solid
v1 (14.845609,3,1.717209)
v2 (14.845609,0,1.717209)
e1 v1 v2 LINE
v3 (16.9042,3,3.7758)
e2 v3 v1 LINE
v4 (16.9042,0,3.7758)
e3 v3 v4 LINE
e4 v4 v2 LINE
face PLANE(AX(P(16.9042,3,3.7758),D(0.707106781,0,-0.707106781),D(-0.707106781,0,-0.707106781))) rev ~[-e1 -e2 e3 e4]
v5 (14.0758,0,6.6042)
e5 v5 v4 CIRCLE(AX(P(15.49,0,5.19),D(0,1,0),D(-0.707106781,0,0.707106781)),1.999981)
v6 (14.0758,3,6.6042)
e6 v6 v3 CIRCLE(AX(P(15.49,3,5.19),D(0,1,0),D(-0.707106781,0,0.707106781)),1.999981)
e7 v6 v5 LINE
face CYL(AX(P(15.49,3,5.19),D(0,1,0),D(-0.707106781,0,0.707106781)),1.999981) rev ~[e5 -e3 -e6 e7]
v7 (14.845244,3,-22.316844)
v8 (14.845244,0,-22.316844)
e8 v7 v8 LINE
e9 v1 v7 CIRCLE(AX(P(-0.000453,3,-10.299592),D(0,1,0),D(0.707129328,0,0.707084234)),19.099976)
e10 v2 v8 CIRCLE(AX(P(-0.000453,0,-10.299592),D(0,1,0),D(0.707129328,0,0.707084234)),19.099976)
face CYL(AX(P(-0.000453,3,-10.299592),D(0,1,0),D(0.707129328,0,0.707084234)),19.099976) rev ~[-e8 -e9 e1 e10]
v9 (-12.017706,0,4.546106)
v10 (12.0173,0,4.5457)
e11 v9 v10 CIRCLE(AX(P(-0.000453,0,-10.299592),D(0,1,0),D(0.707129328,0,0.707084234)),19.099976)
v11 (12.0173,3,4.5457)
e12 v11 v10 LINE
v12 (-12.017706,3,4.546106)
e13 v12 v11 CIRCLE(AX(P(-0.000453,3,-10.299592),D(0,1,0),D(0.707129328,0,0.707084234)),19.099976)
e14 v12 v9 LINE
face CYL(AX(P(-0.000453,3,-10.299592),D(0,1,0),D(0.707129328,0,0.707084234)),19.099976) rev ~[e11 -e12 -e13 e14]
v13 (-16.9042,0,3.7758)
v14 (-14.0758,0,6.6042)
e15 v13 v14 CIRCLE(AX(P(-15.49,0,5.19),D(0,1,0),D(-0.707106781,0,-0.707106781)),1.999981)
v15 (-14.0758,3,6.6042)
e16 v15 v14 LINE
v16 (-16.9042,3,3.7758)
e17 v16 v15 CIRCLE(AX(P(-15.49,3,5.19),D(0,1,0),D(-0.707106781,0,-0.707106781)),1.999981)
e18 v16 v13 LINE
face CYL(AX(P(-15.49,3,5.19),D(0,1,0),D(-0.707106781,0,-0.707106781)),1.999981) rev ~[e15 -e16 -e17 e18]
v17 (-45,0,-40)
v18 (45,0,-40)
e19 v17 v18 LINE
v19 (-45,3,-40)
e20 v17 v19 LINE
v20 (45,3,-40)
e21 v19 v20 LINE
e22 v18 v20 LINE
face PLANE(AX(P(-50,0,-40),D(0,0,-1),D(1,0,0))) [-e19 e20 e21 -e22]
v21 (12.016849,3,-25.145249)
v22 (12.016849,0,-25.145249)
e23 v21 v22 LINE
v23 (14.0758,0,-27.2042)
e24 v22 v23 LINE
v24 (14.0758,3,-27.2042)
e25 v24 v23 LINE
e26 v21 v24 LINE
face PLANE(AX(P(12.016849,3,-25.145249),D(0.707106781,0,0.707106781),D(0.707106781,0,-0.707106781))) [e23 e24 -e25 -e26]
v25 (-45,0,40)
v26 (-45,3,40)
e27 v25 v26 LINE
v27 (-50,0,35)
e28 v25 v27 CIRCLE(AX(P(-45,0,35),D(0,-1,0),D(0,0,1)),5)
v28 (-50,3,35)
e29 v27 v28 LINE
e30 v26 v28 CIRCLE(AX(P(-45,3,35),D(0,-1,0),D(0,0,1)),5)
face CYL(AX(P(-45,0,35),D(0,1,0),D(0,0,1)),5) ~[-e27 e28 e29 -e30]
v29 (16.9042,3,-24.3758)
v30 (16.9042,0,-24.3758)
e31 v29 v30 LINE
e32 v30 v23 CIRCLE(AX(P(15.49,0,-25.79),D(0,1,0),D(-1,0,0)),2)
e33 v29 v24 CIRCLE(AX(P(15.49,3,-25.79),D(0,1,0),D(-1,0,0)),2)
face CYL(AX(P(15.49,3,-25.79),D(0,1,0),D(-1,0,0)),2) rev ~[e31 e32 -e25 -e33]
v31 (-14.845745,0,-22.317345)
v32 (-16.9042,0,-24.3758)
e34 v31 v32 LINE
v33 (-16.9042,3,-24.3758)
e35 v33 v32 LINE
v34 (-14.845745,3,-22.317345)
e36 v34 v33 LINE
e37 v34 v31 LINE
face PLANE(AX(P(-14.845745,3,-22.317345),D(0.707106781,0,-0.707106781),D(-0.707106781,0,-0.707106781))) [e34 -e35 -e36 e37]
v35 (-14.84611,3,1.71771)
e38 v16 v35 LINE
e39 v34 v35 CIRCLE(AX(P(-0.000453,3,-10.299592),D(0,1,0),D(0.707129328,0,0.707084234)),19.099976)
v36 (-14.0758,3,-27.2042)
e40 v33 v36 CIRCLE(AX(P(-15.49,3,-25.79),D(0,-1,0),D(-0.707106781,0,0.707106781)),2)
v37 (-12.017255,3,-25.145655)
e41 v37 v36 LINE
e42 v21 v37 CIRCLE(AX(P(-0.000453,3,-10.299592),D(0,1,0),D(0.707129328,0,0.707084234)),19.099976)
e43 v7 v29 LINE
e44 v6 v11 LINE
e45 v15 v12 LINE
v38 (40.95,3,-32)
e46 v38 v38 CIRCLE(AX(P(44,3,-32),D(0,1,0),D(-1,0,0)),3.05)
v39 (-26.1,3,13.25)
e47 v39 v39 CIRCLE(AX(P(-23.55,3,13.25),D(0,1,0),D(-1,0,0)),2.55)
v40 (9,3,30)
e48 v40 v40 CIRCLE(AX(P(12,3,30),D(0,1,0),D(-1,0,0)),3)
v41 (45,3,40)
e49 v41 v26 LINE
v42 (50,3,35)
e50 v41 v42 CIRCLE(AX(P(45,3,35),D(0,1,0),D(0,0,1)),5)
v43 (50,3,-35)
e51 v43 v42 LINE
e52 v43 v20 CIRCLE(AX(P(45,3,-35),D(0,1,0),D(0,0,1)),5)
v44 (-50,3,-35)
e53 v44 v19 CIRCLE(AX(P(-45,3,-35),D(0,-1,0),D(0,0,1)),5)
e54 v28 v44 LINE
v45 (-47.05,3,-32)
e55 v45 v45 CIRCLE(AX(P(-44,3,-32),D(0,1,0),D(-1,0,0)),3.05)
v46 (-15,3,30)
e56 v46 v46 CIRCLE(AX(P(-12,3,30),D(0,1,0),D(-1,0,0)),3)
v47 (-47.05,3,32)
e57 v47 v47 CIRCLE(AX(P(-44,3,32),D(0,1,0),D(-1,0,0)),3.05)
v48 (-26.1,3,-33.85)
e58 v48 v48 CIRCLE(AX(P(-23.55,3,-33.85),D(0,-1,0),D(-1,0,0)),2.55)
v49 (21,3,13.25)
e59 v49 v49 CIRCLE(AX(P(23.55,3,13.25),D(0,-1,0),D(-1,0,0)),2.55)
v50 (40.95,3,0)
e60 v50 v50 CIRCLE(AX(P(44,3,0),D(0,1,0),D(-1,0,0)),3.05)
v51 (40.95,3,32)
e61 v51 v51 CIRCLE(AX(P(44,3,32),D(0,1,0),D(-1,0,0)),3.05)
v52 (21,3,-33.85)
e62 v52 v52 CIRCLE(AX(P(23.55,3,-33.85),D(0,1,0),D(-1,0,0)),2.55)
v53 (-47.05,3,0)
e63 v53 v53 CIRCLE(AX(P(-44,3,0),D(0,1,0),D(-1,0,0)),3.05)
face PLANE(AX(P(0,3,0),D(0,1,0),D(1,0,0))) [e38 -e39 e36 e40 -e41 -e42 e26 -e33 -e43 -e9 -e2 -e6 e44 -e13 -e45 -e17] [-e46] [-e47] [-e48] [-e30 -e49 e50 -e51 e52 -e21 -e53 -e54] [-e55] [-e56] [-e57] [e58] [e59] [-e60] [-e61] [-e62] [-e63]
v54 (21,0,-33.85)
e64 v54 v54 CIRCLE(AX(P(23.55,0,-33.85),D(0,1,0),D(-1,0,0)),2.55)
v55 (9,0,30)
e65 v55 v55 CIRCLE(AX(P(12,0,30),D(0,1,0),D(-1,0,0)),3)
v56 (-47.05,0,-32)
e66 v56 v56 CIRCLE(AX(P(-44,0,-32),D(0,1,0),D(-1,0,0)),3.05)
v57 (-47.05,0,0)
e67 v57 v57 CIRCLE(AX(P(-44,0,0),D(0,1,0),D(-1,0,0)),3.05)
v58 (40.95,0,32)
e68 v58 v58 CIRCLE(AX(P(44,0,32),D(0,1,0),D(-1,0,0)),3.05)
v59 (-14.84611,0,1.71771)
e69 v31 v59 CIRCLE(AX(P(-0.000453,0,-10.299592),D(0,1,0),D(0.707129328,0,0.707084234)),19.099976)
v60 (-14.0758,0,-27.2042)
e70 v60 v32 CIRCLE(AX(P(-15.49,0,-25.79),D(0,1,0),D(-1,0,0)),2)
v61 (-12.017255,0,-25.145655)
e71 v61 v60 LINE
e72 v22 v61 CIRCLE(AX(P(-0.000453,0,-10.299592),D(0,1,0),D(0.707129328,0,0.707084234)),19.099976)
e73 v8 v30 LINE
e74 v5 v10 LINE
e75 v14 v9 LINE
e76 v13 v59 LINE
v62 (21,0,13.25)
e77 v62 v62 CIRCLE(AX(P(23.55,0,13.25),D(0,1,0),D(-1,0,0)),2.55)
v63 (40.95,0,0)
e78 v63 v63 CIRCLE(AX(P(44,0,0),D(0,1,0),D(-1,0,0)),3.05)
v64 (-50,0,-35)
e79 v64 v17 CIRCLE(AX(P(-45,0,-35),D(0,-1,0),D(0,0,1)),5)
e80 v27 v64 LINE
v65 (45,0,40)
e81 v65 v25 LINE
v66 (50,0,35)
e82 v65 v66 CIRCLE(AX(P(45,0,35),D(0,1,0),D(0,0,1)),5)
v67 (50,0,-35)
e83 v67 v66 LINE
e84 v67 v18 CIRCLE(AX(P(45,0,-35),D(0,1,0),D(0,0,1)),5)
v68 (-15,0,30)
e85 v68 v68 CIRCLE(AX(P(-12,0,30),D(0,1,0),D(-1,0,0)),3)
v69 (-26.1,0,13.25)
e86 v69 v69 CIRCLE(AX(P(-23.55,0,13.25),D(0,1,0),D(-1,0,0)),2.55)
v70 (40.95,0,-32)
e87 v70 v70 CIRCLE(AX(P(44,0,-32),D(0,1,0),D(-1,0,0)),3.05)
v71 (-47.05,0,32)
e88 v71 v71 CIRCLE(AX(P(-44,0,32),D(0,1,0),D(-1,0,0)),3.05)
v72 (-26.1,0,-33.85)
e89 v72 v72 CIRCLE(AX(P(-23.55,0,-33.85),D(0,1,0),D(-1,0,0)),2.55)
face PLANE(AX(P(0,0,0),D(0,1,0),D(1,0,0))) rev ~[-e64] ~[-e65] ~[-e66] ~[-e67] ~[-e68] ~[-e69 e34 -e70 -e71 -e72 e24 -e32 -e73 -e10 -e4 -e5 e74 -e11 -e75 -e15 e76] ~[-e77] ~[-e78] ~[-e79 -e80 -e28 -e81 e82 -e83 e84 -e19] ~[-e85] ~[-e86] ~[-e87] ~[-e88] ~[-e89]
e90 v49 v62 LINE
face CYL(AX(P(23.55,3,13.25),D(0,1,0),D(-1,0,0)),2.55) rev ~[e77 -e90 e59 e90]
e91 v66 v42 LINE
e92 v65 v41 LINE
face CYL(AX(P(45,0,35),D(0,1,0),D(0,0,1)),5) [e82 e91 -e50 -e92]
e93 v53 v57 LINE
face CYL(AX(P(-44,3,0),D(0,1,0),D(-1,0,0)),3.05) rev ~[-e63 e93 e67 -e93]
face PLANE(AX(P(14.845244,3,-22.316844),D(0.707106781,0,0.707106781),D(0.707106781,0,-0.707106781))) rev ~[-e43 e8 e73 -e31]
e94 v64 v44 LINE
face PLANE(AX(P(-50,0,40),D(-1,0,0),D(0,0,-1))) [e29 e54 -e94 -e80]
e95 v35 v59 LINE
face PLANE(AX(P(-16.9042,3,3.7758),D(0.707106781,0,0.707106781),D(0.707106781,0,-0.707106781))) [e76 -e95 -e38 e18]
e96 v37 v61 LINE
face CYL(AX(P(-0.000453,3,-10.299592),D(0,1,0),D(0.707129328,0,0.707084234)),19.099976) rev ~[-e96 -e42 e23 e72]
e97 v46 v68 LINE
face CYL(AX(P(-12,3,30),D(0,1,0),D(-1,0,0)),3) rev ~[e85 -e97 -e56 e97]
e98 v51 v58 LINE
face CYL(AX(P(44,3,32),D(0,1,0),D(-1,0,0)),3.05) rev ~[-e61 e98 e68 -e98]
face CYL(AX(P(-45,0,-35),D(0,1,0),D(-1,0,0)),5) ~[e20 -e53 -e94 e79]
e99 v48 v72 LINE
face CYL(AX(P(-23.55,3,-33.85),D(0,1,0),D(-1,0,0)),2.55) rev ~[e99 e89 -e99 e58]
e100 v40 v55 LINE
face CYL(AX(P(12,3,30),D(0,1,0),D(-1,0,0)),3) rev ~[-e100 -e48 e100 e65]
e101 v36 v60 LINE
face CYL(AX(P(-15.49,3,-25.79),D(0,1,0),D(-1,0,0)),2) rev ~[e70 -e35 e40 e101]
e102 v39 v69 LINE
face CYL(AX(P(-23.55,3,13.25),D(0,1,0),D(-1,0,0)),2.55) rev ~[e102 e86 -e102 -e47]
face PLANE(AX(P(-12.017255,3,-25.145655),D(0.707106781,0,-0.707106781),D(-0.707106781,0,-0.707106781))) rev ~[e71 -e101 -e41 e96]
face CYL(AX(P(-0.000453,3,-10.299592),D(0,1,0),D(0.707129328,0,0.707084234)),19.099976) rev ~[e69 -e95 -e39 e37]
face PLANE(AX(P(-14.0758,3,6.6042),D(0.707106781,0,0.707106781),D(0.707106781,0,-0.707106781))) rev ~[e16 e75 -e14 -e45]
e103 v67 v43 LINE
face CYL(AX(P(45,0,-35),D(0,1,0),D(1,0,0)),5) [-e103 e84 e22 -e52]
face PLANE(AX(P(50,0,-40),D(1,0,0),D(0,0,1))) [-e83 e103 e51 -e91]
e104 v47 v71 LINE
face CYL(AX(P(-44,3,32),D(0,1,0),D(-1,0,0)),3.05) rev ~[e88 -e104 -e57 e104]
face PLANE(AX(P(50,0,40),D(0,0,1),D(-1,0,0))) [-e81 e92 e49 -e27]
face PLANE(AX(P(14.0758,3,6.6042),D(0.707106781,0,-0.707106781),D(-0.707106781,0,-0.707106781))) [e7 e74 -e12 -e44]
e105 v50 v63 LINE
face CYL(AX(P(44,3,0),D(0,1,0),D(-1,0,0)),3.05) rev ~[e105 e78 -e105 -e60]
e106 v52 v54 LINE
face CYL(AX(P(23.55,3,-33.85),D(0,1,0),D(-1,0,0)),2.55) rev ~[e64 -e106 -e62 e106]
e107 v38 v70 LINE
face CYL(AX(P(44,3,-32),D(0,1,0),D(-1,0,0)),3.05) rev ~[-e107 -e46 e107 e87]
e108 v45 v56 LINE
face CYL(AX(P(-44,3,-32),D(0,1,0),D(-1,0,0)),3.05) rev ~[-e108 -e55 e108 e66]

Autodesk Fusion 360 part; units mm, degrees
sketch "Dimension" plane through (0, 0, 0) normal (0, 1, 0) x (1, 0, 0)
  line L0 (50, -40) -> (-50, -40)
  line L1 (-50, -40) -> (-50, 40)
  line L2 (-50, 40) -> (50, 40)
  line L3 (50, 40) -> (50, -40)
  line L4 (50, -40) -> (-50, 40) construction
  line L5 (-50, -40) -> (50, 40) construction
  dimension "d4" = 100
  dimension "d5" = 80
extrude "Extrude1" add sketch "Dimension" along normal blind 3
sketch "Stepper Mount" plane through (0, 3, 0) normal (0, 1, 0) x (-1, 0, 0)
  line L0 (-50, -40) -> (50, -40)
  line L1 (50, -40) -> (50, 40)
  line L2 (50, 40) -> (-50, 40)
  line L3 (-50, 40) -> (-50, -40)
  line L4 (30, -40) -> (-30, -40)
  line L5 (-30, -40) -> (-30, 40) construction
  line L6 (-30, 40) -> (30, 40)
  line L7 (30, 40) -> (30, -40) construction
  circle A0 centre (23.55, -33.85) radius 2.55
  circle A1 centre (-23.55, -33.85) radius 2.55
  circle A2 centre (23.55, 13.25) radius 2.55
  circle A3 centre (-23.55, 13.25) radius 2.55
  line L8 (-23.55, 13.25) -> (23.55, -33.85)
  circle A4 centre (15.49, -25.79) radius 2
  line L9 (0, -10.3) -> (-30, -10.3) construction
  line L10 (0, -10.3) -> (0, -40) construction
  circle A5 centre (-15.49, -25.79) radius 2
  line L11 (15.49, -25.79) -> (-15.49, 5.19)
  line L12 (-15.49, 5.19) -> (-16.9042, 3.7758) construction
  line L13 (-16.9042, 3.7758) -> (14.0758, -27.2042)
  line L14 (14.0758, -27.2042) -> (15.49, -25.79)
  line L15 (15.49, -25.79) -> (-15.49, 5.19)
  line L16 (-15.49, 5.19) -> (-14.0758, 6.6042) construction
  line L17 (-14.0758, 6.6042) -> (16.9042, -24.3758)
  line L18 (16.9042, -24.3758) -> (15.49, -25.79)
  line L19 (14.0758, 6.6042) -> (-16.9042, -24.3758)
  line L20 (16.9042, 3.7758) -> (-14.0758, -27.2042)
  line L21 (23.55, 13.25) -> (13.5057, 3.2057) construction
  line L22 (1.4142, -8.8858) -> (-23.55, -33.85) construction
  arc A6 (16.9042, 3.7758) -> (14.0758, 6.6042) centre (15.49, 5.19) ccw
  arc A7 (-14.0758, 6.6042) -> (-16.9042, 3.7758) centre (-15.49, 5.19) ccw
  arc A8 (-13.5057, 3.2057) -> (-12.0173, 4.5457) centre (0, -10.3) ccw
  dimension "d8" = 60
  dimension "d9" = 38.2
  dimension "d10" = 30
  dimension "d11" = 29.7
  dimension "d12" = 5.1
  dimension "d13" = 6.45
  dimension "d14" = 6.15
  dimension "d15" = 5.1
  dimension "d16" = 6.15
  dimension "d17" = 53.55
  dimension "d18" = 5.1
  dimension "d19" = 6.45
  dimension "d20" = 53.25
  dimension "d21" = 5.1
  dimension "d22" = 53.25
  dimension "d23" = 53.55
  dimension "d24" = 14.51
  dimension "d25" = 14.21
  dimension "d26" = 4
  dimension "d27" = 2
  dimension "d28" = 2
extrude "Extrude2" cut sketch "Stepper Mount" against normal through all contours A0 | A3 | L8 A4 L14 | L8 A4 L18 | L8 A4 L11 L14 L15 | L8 A4 L11 L15 L18 | L8 A4 L11 L13 L15 A8 | L8 A4 L11 L15 L17 A8 | L13 L20 A8 | L8 L11 L13 L15 L20 A8 | L8 L11 L15 L17 L20 A8 | L17 L20 A8 | L13 L19 L20 A8 | L8 L11 L13 L15 L19 L20 | A5 L19 L20 A8 | L8 L11 L15 L17 L19 L20 | L17 L19 L20 A8 | L19 L20 A6 A8 | L13 L19 A8 | L8 L11 L13 L15 L19 A8 | A5 | L8 L11 L15 L17 L19 A7 | L17 L19 A8 | L8 L11 L13 L15 A7 A8 | A1 | A2
sketch "Idler Mount" plane through (0, 3, 0) normal (0, 1, 0) x (-1, 0, 0)
  circle A0 centre (23.55, 13.25) radius 2.55
  circle A1 centre (23.55, -33.85) radius 2.55
  line L0 (14.8457, -22.3173) -> (16.9042, -24.3758)
  arc A2 (14.0758, -27.2042) -> (16.9042, -24.3758) centre (15.49, -25.79) ccw
  line L1 (14.0758, -27.2042) -> (12.0173, -25.1457)
  arc A3 (-12.0173, -25.1457) -> (12.0173, -25.1457) centre (0, -10.3) ccw
  line L2 (-12.0173, -25.1457) -> (-14.0758, -27.2042)
  arc A4 (-16.9042, -24.3758) -> (-14.0758, -27.2042) centre (-15.49, -25.79) ccw
  line L3 (-16.9042, -24.3758) -> (-14.8457, -22.3173)
  arc A5 (-14.8457, 1.7173) -> (-14.8457, -22.3173) centre (0, -10.3) ccw
  line L4 (-14.8457, 1.7173) -> (-16.9042, 3.7758)
  arc A6 (-14.0758, 6.6042) -> (-16.9042, 3.7758) centre (-15.49, 5.19) ccw
  line L5 (-14.0758, 6.6042) -> (-12.0173, 4.5457)
  arc A7 (12.0173, 4.5457) -> (-12.0173, 4.5457) centre (0, -10.3) ccw
  line L6 (12.0173, 4.5457) -> (14.0758, 6.6042)
  arc A8 (16.9042, 3.7758) -> (14.0758, 6.6042) centre (15.49, 5.19) ccw
  line L7 (16.9042, 3.7758) -> (14.8457, 1.7173)
  arc A9 (14.8457, -22.3173) -> (14.8457, 1.7173) centre (0, -10.3) ccw
  circle A10 centre (-23.55, 13.25) radius 2.55
  circle A11 centre (-23.55, -33.85) radius 2.55
  line L8 (-50, -40) -> (50, -40)
  line L9 (50, -40) -> (50, 40)
  line L10 (50, 40) -> (-50, 40)
  line L11 (-50, 40) -> (-50, -40)
  arc A12 (-14.8457, 1.7173) -> (-14.8457, -22.3173) centre (0, -10.3) ccw
  arc A13 (-12.0173, -25.1457) -> (12.0173, -25.1457) centre (0, -10.3) ccw
  arc A14 (14.8457, -22.3173) -> (14.8457, 1.7173) centre (0, -10.3) ccw
  arc A15 (12.0173, 4.5457) -> (-12.0173, 4.5457) centre (0, -10.3) ccw
  circle A16 centre (0, -10.3) radius 6 construction
  line L12 (0, -10.3) -> (50, -10.3) construction
  line L13 (0, -10.3) -> (-50, -10.3) construction
  circle A17 centre (0, -10.3) radius 9
  line L14 (6, -10.3) -> (-6, -10.3)
  line L15 (-6, -10.3) -> (-6, 40) construction
  line L16 (-6, 40) -> (6, 40)
  line L17 (6, 40) -> (6, -10.3) construction
  line L18 (50, 30) -> (-50, 30) construction
  line L19 (-50, 30) -> (-50, 40)
  line L20 (-50, 40) -> (50, 40)
  line L21 (50, 40) -> (50, 30)
  circle A18 centre (12, 30) radius 6 construction
  circle A19 centre (12, 30) radius 9 construction
  circle A20 centre (12, 30) radius 3
  line L22 (0, 20) -> (0, 2.5)
  circle A21 centre (-12, 30) radius 9 construction
  circle A22 centre (-12, 30) radius 6 construction
  circle A23 centre (-12, 30) radius 3
  dimension "d30" = 12
  dimension "d31" = 18
  dimension "d33" = 10
  dimension "d38" = 12
  dimension "d39" = 18
  dimension "d41" = 6
extrude "Extrude3" cut sketch "Idler Mount" against normal through all contours A20 | A23
sketch "Bracket Mount" plane through (0, 3, 0) normal (0, 1, 0) x (-1, 0, 0)
  circle A0 centre (12, 30) radius 3
  circle A1 centre (-12, 30) radius 3
  circle A2 centre (23.55, 13.25) radius 2.55
  circle A3 centre (23.55, -33.85) radius 2.55
  line L0 (14.8457, -22.3173) -> (16.9042, -24.3758)
  arc A4 (14.0758, -27.2042) -> (16.9042, -24.3758) centre (15.49, -25.79) ccw
  line L1 (14.0758, -27.2042) -> (12.0173, -25.1457)
  arc A5 (-12.0173, -25.1457) -> (12.0173, -25.1457) centre (0, -10.3) ccw
  line L2 (-12.0173, -25.1457) -> (-14.0758, -27.2042)
  arc A6 (-16.9042, -24.3758) -> (-14.0758, -27.2042) centre (-15.49, -25.79) ccw
  line L3 (-16.9042, -24.3758) -> (-14.8457, -22.3173)
  arc A7 (-14.8457, 1.7173) -> (-14.8457, -22.3173) centre (0, -10.3) ccw
  line L4 (-14.8457, 1.7173) -> (-16.9042, 3.7758)
  arc A8 (-14.0758, 6.6042) -> (-16.9042, 3.7758) centre (-15.49, 5.19) ccw
  line L5 (-14.0758, 6.6042) -> (-12.0173, 4.5457)
  arc A9 (12.0173, 4.5457) -> (-12.0173, 4.5457) centre (0, -10.3) ccw
  line L6 (12.0173, 4.5457) -> (14.0758, 6.6042)
  arc A10 (16.9042, 3.7758) -> (14.0758, 6.6042) centre (15.49, 5.19) ccw
  line L7 (16.9042, 3.7758) -> (14.8457, 1.7173)
  arc A11 (14.8457, -22.3173) -> (14.8457, 1.7173) centre (0, -10.3) ccw
  circle A12 centre (-23.55, 13.25) radius 2.55
  circle A13 centre (-23.55, -33.85) radius 2.55
  line L8 (-50, -40) -> (50, -40)
  line L9 (50, -40) -> (50, 40)
  line L10 (50, 40) -> (-50, 40)
  line L11 (-50, 40) -> (-50, -40)
  circle A14 centre (44, -32) radius 3.05
  line L12 (0, 20) -> (0, 2.5)
  circle A15 centre (-44, -32) radius 3.05
  line L13 (-2.5, 0) -> (-20, 0)
  circle A16 centre (44, 32) radius 3.05
  circle A17 centre (-44, 32) radius 3.05
  line L14 (-44, 32) -> (-44, -32) construction
  line L15 (44, -32) -> (44, 32) construction
  circle A18 centre (44, 0) radius 3.05
  circle A19 centre (-44, 0) radius 3.05
  dimension "d45" = 6.1
  dimension "d46" = 8
  dimension "d47" = 6
  dimension "d53" = 6.1
extrude "Extrude4" cut sketch "Bracket Mount" against normal through all contours A14 | A15 | A16 | A17 | A18 | A19
fillet "Fillet1" radius 5 4 edges at (50, 1.5, -40) (-50, 1.5, -40) (-50, 1.5, 40) (50, 1.5, 40)
equation "PlateWidth = 100 mm"
equation "PlateHeight = 80 mm"
equation "PlateThickness = 3 mm"
equation "d4 = PlateWidth"
equation "d5 = PlateHeight"
equation "d6 = PlateThickness"
equation "IdlerToBaseDistance = 10 mm"
equation "d33 = IdlerToBaseDistance"
equation "IdlerInternalDiameter = 12 mm"
equation "IdlerOuterDiameter = 18 mm"
equation "DriverInnerDiameter = 12 mm"
equation "DriverOuterDiameter = 18 mm"
equation "d38 = IdlerInternalDiameter"
equation "d39 = IdlerOuterDiameter"
equation "IdlerBoreDiameter = 6 mm"
equation "d41 = IdlerBoreDiameter"
equation "BracketMountHoleDiameter = 6.1 mm"
equation "BracketMountHoleHDistance = 6 mm"
equation "d45 = BracketMountHoleDiameter"
equation "d46 = BracketMountHoleVDistance"
equation "d47 = BracketMountHoleHDistance"
equation "BracketFilletRadius = 5 mm"
equation "d51 = BracketFilletRadius"
equation "BracketMountHoleVDistance = 8 mm"
equation "d53 = BracketMountHoleDiameter"
